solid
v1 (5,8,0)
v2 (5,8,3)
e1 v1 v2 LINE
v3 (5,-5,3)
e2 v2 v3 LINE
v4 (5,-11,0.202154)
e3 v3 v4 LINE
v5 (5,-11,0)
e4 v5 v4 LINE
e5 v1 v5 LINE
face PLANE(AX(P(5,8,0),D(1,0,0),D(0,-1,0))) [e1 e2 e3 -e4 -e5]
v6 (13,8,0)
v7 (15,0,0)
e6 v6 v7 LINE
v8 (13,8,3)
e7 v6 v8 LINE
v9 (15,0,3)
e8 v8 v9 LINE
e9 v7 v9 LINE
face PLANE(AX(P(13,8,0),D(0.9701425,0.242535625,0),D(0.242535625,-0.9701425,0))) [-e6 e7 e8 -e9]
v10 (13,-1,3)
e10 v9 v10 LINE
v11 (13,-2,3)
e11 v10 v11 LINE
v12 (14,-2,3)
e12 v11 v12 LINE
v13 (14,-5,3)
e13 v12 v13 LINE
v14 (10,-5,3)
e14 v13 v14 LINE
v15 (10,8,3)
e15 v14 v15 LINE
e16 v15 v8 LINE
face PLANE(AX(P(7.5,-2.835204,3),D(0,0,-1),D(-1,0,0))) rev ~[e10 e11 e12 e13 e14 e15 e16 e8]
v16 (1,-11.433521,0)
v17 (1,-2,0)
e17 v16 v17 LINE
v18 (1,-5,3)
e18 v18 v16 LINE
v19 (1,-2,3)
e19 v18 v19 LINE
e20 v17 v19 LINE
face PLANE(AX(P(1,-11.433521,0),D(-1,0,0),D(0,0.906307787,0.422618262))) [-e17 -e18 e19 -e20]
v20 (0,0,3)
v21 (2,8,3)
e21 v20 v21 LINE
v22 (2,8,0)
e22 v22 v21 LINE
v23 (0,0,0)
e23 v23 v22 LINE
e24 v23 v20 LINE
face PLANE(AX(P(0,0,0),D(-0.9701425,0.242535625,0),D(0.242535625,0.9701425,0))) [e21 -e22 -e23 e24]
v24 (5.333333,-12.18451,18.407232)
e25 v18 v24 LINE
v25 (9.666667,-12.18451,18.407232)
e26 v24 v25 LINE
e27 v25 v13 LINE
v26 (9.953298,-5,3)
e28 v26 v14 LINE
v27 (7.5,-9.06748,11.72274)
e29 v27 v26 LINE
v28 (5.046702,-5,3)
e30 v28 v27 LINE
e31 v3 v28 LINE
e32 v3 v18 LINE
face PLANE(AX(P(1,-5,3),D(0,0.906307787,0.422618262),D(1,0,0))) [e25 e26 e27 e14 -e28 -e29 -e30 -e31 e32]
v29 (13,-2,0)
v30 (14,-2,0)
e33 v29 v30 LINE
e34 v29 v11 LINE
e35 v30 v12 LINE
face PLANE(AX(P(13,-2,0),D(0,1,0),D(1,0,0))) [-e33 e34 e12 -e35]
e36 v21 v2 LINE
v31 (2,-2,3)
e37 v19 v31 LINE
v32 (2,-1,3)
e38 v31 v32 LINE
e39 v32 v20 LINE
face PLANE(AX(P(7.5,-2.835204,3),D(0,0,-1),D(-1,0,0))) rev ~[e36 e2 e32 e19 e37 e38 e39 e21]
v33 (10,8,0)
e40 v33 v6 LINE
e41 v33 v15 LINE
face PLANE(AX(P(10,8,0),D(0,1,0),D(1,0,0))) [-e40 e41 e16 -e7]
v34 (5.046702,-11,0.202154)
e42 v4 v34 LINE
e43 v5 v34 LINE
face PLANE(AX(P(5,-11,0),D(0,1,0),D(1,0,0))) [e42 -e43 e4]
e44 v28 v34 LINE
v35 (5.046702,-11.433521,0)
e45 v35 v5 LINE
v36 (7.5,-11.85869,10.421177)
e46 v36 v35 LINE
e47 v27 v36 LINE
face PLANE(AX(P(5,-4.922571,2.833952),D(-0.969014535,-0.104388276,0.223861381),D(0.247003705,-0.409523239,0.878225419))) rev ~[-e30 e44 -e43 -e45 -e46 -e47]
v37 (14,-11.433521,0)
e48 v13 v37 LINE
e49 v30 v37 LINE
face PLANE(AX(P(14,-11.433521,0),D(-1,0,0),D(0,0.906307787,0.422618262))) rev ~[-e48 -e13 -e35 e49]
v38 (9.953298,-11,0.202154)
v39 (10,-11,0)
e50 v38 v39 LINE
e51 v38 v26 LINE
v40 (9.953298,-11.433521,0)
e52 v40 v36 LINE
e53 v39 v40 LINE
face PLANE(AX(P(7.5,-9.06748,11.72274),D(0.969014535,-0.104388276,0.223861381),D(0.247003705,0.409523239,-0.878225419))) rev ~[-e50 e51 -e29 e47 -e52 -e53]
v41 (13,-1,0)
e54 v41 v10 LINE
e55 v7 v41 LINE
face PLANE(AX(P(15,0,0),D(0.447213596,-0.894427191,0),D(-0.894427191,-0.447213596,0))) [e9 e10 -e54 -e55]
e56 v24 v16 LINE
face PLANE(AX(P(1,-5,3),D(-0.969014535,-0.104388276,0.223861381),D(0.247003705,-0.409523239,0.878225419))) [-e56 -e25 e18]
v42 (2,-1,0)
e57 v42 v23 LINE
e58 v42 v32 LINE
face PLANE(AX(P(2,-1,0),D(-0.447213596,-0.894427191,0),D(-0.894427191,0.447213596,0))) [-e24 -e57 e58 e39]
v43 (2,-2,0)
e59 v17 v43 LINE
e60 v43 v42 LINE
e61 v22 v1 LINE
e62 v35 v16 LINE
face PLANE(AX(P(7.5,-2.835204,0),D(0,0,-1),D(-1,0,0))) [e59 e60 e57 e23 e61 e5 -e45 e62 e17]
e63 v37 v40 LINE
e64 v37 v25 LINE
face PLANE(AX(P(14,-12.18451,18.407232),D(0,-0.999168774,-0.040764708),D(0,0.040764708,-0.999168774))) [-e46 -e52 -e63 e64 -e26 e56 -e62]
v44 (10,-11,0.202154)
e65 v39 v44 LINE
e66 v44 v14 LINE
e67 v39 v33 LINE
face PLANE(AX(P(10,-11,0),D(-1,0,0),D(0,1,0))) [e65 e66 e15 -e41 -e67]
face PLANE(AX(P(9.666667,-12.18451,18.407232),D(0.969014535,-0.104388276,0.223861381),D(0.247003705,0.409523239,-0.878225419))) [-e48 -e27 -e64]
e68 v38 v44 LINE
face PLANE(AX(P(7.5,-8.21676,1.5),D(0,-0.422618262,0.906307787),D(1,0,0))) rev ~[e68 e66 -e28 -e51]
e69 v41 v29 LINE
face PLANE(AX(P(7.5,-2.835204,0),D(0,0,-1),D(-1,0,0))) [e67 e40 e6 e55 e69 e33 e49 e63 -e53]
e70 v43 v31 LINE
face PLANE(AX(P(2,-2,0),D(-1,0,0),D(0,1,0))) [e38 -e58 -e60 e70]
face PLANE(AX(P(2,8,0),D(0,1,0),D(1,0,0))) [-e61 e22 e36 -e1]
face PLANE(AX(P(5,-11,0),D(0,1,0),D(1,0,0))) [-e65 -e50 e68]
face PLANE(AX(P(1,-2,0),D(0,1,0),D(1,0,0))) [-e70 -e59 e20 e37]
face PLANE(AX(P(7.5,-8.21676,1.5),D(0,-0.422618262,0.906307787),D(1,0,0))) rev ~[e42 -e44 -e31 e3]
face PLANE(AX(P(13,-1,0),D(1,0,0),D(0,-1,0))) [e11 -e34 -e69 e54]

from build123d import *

# Parameters (mm, degrees)
PAD_DEPTH       = 3
POCKET_DEPTH    = 14.001
SKETCH002_W     = 13
SKETCH002_H     = 7.0986047495
PAD001_DEPTH    = 17
POCKET001_DEPTH = 14.001
POCKET002_DEPTH = 7.7802325517


with BuildPart() as part:
    # Sketch → Pad (new body)
    with BuildSketch(Plane.XY):
        Polygon((0, 0), (2, 8), (5, 8), (5, -11), (10, -11), (10, 8), (13, 8), (15, 0), (13, -1), (13, -2), (14, -2), (14, -12), (1, -12), (1, -2), (2, -2), (2, -1), align=None)
    extrude(amount=PAD_DEPTH)

    # Sketch001 (on Face4 of Pad) → Pocket (cut, through all)
    with BuildSketch(Plane.YZ.offset(14)):
        Polygon((-5, 3), (-11.4335207615, 0), (-12, 0), (-12, 3), align=None)
    extrude(amount=-POCKET_DEPTH, mode=Mode.SUBTRACT)

    # Sketch002 (on Face9 of Pocket) → Pad001 (join)
    with BuildSketch(Plane(origin=(0, -2.0420976405, 4.3792925223), x_dir=(1, 0, 0), z_dir=(0, -0.4226182617, 0.906307787))):
        with Locations((7.5, -6.8129865247)):
            Rectangle(SKETCH002_W, SKETCH002_H)
    extrude(amount=PAD001_DEPTH)

    # Sketch003 (on Face20 of Pad001) → Pocket001 (cut, through all)
    with BuildSketch(Plane.YZ.offset(14)):
        Polygon((-12.1845104496, 18.4072323796), (-11.4335207615, 0), (-18.6180312111, 15.4072323796), align=None)
    extrude(amount=-POCKET001_DEPTH, mode=Mode.SUBTRACT)

    # Sketch004 (on Face19 of Pocket001) → Pocket002 (cut, through all)
    with BuildSketch(Plane(origin=(0, -2.9579023595, -1.3792925223), x_dir=(-1, 0, 0), z_dir=(0, 0.906307787, 0.4226182617))):
        Polygon((-14, 21.8320146698), (-9.6666666667, 21.8320146698), (-14, 4.8320146698), align=None)
        Polygon((-5.3333333333, 21.8320146698), (-1, 21.8320146698), (-1, 4.8320146698), align=None)
        Polygon((-10, 4.6488008791), (-5, 4.6488008791), (-7.4999999998, 14.4564931874), align=None)
    extrude(amount=-POCKET002_DEPTH, mode=Mode.SUBTRACT)


solid = part.part
